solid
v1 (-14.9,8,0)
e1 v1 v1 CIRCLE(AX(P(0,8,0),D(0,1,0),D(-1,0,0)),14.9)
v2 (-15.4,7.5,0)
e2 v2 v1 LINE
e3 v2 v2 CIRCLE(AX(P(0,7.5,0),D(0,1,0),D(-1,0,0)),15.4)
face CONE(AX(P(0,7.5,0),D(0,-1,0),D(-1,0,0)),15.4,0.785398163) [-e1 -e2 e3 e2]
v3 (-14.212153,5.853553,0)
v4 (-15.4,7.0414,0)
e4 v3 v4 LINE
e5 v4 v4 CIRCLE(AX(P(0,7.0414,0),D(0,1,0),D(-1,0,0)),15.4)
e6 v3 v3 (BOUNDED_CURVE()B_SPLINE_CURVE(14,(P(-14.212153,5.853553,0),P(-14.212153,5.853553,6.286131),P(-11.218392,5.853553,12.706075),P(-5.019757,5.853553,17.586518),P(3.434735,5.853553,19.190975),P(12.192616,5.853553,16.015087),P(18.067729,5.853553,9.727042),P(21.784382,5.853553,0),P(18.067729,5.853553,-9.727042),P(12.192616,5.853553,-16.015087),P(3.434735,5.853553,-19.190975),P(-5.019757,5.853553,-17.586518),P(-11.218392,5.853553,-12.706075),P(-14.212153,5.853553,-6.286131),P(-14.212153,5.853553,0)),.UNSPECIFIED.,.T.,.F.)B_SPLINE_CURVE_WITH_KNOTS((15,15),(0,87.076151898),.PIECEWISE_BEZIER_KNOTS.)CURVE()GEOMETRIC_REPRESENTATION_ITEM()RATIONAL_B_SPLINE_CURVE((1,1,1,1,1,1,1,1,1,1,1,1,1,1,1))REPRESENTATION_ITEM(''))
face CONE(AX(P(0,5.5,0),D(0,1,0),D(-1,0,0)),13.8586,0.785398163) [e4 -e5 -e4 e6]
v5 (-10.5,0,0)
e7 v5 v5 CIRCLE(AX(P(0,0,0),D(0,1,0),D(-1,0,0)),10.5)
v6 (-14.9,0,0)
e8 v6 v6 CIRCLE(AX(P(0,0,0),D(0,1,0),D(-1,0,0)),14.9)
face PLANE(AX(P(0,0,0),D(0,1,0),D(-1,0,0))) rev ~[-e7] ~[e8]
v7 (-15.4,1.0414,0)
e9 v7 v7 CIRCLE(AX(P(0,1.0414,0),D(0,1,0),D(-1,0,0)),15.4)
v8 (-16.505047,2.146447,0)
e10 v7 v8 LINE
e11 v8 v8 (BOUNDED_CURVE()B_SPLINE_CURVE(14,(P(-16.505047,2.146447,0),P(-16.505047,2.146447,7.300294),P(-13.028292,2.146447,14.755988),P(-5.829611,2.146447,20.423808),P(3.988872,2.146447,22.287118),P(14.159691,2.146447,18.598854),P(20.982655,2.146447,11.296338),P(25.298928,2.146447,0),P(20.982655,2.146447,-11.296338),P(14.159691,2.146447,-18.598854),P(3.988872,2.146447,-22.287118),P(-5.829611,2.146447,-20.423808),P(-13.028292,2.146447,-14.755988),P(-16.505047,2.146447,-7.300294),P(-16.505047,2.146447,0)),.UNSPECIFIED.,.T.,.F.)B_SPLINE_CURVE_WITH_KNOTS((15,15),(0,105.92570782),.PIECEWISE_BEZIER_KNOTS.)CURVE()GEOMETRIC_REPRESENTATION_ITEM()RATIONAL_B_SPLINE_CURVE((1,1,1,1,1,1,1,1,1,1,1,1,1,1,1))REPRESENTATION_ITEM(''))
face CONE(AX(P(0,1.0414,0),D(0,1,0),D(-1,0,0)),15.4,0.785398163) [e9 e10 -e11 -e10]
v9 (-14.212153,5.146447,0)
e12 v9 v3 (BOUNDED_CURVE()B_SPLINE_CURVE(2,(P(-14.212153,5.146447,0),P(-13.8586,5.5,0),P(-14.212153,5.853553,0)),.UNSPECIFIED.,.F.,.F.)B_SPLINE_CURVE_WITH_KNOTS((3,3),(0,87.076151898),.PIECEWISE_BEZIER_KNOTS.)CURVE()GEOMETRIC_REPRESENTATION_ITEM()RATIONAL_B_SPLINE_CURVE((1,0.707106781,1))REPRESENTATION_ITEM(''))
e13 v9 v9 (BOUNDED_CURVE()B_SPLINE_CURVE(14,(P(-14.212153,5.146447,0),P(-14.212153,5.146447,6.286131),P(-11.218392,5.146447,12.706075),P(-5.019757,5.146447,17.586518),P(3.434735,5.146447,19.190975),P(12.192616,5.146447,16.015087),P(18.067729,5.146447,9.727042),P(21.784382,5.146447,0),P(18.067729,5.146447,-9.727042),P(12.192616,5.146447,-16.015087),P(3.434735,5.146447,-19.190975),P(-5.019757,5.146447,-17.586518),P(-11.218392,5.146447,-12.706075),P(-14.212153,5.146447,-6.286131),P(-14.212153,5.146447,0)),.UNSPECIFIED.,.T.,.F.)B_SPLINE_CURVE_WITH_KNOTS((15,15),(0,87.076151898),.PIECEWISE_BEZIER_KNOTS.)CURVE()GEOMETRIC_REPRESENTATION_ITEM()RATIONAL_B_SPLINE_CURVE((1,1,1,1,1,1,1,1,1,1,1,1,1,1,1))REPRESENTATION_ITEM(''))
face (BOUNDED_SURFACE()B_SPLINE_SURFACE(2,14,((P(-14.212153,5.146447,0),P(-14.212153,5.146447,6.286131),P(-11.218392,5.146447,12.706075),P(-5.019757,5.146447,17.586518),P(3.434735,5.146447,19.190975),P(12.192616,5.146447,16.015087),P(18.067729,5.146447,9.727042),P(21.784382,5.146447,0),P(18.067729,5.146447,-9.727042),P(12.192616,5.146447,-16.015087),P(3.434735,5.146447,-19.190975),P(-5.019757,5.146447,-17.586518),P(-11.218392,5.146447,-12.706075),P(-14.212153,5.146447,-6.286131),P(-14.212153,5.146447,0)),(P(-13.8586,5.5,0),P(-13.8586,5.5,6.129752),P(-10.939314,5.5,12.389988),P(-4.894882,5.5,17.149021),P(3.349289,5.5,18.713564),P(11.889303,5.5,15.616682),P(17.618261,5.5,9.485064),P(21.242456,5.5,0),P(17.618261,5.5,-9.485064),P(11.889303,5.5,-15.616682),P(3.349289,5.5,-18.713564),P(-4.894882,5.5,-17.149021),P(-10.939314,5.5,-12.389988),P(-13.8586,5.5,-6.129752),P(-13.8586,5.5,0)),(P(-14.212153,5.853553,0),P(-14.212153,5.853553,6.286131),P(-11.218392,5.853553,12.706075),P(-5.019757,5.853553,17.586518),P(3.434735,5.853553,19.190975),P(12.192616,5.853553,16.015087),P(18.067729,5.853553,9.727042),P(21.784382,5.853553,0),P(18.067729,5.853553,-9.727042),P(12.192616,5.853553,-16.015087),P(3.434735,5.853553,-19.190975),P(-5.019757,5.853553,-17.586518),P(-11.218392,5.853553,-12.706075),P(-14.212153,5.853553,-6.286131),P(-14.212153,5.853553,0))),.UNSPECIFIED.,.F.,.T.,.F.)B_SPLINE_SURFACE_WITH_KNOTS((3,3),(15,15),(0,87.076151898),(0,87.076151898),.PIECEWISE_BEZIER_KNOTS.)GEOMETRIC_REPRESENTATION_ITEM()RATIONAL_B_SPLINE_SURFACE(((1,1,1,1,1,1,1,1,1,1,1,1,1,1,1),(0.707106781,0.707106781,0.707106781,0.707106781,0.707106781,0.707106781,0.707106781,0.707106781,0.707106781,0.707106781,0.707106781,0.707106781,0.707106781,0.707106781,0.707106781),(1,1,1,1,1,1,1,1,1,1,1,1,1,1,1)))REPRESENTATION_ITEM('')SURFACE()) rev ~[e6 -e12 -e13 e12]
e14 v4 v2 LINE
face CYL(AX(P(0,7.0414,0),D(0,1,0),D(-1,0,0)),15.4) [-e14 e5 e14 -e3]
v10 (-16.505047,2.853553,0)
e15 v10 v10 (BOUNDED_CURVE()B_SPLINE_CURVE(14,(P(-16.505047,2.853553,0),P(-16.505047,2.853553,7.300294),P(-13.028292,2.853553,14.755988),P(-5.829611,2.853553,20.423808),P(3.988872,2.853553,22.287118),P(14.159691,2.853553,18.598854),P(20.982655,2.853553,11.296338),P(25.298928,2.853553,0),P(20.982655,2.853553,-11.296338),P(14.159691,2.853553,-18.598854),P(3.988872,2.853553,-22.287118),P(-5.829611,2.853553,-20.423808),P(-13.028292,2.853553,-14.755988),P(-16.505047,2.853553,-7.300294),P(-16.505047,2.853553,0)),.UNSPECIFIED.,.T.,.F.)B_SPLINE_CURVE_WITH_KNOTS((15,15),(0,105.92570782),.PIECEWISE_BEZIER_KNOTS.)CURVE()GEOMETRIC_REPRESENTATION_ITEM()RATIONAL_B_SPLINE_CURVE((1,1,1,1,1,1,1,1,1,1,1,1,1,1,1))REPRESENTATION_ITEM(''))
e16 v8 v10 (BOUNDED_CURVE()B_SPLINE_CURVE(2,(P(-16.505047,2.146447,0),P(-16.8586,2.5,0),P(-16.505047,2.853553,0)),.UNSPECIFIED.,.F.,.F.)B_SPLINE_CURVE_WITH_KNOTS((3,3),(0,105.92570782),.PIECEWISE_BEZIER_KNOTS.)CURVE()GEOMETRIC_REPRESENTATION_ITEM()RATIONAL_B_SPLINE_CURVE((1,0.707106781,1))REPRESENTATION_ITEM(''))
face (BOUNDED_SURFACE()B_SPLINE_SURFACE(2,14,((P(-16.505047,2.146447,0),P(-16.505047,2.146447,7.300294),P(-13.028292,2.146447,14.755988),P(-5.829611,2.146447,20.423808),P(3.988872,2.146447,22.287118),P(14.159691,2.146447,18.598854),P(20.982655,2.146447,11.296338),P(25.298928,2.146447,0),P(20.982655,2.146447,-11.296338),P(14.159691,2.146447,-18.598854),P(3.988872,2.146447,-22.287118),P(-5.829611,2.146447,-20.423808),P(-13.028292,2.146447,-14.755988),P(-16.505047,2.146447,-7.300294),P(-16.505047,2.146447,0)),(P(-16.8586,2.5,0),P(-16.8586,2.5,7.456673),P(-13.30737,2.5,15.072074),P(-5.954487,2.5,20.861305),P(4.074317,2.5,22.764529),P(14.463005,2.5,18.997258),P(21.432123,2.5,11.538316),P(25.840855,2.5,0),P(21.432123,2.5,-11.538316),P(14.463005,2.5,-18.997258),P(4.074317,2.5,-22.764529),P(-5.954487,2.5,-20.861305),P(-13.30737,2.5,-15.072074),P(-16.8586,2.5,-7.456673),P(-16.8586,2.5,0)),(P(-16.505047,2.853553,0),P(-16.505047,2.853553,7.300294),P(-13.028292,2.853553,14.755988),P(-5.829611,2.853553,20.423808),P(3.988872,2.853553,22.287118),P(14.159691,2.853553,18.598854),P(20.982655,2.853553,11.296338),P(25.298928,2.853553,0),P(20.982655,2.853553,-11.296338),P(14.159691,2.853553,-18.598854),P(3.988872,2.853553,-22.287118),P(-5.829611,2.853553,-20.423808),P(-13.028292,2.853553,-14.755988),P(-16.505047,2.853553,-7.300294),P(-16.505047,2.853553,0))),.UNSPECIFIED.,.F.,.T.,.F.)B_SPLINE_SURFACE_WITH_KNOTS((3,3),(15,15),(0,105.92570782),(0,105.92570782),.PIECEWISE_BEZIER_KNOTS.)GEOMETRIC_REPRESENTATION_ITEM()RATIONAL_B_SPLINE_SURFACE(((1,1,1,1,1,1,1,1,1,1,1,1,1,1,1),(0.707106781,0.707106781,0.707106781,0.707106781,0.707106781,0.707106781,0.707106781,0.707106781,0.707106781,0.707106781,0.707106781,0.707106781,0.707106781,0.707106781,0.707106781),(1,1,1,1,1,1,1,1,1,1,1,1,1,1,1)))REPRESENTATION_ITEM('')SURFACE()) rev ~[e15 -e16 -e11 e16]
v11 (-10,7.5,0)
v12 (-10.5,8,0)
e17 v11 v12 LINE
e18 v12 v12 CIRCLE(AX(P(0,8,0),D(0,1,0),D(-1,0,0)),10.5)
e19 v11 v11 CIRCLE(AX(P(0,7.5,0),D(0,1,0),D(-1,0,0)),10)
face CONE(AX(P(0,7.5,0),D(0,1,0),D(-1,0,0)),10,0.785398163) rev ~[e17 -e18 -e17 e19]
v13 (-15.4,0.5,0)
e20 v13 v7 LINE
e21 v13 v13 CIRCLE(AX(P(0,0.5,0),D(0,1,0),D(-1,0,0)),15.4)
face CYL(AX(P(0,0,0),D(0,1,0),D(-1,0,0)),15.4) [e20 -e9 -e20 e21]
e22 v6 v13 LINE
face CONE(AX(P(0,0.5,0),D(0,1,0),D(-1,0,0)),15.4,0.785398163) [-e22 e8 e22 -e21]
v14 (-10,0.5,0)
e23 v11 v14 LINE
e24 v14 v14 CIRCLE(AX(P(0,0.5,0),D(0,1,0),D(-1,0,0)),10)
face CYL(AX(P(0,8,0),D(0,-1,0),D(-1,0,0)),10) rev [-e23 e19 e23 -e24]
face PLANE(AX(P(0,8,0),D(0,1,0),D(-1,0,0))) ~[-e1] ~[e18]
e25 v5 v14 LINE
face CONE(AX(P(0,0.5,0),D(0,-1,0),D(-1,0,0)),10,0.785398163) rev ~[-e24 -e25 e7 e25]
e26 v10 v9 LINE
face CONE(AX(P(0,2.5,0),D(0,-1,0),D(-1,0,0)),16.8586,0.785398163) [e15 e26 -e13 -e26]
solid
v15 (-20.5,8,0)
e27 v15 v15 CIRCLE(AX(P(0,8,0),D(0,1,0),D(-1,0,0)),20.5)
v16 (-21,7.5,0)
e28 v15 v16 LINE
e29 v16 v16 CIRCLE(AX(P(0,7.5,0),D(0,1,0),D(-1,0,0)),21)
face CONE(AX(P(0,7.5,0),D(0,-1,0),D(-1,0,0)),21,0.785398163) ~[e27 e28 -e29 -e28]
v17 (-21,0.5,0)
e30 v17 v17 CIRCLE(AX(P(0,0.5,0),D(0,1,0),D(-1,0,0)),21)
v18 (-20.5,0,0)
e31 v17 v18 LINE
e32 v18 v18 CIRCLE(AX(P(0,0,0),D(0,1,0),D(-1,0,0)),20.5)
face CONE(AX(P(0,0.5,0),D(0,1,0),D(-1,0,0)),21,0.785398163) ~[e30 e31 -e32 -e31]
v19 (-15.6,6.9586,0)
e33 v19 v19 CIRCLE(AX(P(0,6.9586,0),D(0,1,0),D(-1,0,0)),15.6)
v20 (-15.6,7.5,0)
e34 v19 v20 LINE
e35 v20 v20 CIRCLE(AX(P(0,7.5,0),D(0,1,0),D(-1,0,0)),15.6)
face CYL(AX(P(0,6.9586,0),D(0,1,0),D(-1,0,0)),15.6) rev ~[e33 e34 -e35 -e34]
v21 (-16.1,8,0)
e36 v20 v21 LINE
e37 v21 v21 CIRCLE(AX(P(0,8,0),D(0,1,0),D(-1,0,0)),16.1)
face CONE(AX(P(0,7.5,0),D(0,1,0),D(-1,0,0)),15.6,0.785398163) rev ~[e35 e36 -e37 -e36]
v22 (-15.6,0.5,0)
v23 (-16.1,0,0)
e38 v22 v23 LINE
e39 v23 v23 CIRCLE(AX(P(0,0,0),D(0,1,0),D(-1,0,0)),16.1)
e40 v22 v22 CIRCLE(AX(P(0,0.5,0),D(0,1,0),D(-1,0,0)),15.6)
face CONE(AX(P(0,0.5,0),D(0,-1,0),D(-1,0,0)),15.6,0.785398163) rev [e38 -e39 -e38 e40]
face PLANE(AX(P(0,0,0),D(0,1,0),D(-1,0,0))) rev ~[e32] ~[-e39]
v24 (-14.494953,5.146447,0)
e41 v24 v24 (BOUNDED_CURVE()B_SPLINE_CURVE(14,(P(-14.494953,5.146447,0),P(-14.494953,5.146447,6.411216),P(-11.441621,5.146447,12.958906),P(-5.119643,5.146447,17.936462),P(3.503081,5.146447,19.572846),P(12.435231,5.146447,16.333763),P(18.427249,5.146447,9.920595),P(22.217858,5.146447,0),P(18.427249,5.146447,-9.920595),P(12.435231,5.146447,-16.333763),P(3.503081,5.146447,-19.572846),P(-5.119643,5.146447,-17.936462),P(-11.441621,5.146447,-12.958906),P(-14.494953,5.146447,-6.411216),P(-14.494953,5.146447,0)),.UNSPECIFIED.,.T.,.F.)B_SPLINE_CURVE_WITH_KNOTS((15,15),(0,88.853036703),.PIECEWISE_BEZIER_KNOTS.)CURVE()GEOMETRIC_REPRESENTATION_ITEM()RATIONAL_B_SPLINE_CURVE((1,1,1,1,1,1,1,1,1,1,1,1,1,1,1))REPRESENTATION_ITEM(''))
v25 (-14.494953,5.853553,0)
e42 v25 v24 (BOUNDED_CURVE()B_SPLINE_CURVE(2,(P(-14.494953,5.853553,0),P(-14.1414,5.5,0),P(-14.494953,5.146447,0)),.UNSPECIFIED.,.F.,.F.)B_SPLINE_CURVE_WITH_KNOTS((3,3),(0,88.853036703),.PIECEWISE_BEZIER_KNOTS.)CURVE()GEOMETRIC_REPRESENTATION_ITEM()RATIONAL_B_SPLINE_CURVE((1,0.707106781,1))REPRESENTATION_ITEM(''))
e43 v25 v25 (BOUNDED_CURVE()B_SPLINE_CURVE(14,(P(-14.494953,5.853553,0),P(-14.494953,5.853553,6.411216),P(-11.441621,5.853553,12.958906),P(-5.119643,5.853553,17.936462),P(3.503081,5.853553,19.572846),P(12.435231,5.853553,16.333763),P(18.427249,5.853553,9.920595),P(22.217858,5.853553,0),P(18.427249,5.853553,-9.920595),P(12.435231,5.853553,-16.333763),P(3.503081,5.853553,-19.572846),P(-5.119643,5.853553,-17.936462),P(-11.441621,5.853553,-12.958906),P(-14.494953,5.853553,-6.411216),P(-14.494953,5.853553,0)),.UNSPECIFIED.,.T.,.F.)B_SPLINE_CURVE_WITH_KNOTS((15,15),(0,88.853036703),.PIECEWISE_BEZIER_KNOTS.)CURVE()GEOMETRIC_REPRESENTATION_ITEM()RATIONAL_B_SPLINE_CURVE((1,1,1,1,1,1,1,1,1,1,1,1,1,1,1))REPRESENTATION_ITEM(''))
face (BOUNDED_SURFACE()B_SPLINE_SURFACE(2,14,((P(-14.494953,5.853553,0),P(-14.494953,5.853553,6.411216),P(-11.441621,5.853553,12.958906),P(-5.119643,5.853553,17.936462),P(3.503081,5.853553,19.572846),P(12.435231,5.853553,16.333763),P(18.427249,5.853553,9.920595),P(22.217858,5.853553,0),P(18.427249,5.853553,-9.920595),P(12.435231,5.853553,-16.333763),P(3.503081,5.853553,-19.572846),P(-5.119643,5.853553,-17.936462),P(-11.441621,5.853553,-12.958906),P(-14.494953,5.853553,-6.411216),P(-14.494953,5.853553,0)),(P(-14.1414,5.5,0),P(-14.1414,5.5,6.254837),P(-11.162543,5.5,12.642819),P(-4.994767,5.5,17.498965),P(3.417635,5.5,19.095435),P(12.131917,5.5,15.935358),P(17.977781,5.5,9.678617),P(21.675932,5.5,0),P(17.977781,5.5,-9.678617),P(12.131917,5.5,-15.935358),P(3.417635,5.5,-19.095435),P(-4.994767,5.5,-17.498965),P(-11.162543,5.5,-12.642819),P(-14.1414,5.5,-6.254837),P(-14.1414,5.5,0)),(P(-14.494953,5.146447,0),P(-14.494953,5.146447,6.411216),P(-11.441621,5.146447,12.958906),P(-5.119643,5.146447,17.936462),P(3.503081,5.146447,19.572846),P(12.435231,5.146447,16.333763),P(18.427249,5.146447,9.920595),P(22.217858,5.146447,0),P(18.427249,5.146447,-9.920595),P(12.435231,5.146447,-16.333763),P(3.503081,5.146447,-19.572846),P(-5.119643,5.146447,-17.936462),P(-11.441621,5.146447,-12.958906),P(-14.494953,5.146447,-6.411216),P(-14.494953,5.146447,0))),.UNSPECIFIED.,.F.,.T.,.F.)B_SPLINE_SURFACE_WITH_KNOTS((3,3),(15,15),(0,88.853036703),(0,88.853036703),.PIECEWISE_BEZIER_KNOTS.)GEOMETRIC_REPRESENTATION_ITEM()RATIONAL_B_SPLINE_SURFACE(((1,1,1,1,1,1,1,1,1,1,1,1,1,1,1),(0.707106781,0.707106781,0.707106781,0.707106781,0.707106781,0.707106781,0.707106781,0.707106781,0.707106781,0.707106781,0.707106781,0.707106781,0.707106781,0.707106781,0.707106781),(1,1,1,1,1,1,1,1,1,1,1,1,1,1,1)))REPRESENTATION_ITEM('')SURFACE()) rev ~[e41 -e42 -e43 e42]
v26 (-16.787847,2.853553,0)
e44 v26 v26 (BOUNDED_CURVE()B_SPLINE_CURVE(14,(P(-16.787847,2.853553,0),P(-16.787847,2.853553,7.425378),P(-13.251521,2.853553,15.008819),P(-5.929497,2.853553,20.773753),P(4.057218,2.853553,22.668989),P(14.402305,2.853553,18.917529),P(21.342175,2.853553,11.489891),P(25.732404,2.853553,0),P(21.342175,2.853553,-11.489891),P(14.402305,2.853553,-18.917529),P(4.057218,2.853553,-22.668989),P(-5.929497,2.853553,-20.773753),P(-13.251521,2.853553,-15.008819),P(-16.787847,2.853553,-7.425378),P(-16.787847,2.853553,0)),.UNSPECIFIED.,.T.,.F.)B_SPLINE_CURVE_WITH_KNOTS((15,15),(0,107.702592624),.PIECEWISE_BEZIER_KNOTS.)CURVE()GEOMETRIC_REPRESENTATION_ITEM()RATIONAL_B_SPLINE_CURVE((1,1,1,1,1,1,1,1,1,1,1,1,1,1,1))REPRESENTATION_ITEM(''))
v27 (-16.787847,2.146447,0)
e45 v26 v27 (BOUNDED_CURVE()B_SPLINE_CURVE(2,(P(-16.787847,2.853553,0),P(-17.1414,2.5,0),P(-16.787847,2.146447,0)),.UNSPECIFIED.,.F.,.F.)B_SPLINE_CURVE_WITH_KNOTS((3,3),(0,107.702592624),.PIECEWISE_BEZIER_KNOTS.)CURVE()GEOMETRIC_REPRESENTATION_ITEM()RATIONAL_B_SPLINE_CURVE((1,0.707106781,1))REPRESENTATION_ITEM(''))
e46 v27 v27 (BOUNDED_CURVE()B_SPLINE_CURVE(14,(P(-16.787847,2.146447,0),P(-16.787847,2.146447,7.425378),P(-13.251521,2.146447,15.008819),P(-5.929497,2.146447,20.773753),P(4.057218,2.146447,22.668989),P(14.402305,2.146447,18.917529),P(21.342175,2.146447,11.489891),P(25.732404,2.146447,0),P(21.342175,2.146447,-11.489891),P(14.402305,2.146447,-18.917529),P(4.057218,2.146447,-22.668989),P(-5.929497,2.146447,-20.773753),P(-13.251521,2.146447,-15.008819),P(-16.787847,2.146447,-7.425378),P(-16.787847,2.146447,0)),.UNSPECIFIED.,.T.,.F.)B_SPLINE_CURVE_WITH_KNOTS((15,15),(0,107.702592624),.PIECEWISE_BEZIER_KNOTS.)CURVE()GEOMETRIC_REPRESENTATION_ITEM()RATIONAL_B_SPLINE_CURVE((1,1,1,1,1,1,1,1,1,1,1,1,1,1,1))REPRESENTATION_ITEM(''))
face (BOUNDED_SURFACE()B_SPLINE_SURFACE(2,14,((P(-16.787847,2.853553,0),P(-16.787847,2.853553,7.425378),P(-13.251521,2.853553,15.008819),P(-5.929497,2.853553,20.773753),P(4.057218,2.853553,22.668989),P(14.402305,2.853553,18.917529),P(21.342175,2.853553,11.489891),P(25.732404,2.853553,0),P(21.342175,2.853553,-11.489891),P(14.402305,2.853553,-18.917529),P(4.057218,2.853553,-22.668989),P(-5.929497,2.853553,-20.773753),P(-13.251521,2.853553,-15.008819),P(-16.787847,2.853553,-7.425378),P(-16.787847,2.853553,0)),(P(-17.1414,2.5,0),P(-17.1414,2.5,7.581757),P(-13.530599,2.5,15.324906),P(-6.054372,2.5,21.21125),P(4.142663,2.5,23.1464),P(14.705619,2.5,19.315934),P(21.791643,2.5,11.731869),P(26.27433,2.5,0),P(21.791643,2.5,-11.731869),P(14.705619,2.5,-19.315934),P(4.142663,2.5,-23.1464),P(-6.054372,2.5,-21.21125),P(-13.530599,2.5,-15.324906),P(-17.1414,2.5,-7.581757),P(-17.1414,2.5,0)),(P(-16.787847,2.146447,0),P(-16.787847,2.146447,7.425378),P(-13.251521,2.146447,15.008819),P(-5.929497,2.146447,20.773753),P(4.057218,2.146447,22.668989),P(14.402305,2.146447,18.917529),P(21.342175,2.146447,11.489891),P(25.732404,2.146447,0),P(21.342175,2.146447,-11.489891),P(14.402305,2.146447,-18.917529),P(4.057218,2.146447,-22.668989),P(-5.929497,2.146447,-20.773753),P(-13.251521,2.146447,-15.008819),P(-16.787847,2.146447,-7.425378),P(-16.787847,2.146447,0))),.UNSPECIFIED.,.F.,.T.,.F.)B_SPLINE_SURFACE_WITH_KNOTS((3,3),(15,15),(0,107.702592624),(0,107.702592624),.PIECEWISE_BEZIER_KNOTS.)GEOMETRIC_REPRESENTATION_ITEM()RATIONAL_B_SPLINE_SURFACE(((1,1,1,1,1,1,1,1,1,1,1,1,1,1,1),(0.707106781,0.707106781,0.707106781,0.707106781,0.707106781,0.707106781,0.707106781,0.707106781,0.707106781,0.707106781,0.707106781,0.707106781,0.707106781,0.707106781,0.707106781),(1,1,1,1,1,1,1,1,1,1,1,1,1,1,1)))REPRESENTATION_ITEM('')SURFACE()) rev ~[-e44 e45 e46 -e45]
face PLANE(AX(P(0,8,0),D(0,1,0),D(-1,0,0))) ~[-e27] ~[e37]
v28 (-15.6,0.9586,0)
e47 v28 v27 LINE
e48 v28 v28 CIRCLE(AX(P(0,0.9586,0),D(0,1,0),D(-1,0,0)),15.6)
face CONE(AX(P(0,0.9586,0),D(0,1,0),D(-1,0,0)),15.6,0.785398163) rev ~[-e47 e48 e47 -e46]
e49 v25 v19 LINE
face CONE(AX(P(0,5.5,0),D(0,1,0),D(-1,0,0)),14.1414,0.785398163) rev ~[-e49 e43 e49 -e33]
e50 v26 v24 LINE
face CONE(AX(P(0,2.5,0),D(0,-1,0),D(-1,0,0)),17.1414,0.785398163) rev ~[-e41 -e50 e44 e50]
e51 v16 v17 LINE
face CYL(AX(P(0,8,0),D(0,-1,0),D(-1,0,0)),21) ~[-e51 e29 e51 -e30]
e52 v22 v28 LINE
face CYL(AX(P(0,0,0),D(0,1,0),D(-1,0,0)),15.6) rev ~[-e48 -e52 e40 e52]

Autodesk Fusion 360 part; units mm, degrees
sketch "profile" plane through (0, 0, 0) normal (0, 0, 1) x (1, 0, 0) in component "LR2051-822"
  line L0 (0, 0) -> (0, 8) construction
  line L1 (-10, 8) -> (-21, 8)
  line L2 (-21, 8) -> (-21, 0)
  line L3 (-21, 0) -> (-10, 0)
  line L4 (-10, 8) -> (-10, 0)
  line L5 (0, 8) -> (-10, 8) construction
  line L6 (-10, 0) -> (0, 0) construction
  line L7 (-15.5, 0) -> (-15.5, 1) construction
  line L8 (-15.5, 1) -> (-17, 2.5) construction
  line L9 (-17, 2.5) -> (-14, 5.5) construction
  line L10 (-14, 5.5) -> (-15.5, 7) construction
  line L11 (-15.5, 7) -> (-15.5, 8) construction
  line L12 (-10, 4) -> (-21, 4) construction
  line L13 (-15.5, 7) -> (-15.5, 1) construction
  line L14 (-15.4, 0) -> (-15.4, 1.0414)
  line L15 (-15.4, 1.0414) -> (-16.8586, 2.5)
  line L16 (-16.8586, 2.5) -> (-13.8586, 5.5)
  line L17 (-13.8586, 5.5) -> (-15.4, 7.0414)
  line L18 (-15.4, 7.0414) -> (-15.4, 8)
  line L19 (-15.6, 0) -> (-15.6, 0.9586)
  line L20 (-15.6, 0.9586) -> (-17.1414, 2.5)
  line L21 (-17.1414, 2.5) -> (-14.1414, 5.5)
  line L22 (-14.1414, 5.5) -> (-15.6, 6.9586)
  line L23 (-15.6, 6.9586) -> (-15.6, 8)
  point P0 (-15.5, 4)
  dimension "d4" = 21
  dimension "d5" = 10
  dimension "d6" = 45
  dimension "d7" = 1.5
  dimension "d8" = 1.5
  dimension "d9" = 8
  dimension "d10" = 0.1
  dimension "d11" = -0.1
revolve "Revolve1" add sketch "profile" angle 360 about axis through (0, 0, 0) along (0, 1, 0) contours L1 L3 L4 L14 L15 L16 L17 L18 makes body 1 in component "Inner Shell"
revolve "Revolve1'" add sketch "profile" angle 360 about axis through (0, 0, 0) along (0, 1, 0) separate body contours L1 L2 L3 L19 L20 L21 L22 L23 makes body 2 in component "Outer Shell"
chamfer "Chamfer1" distance 0.5 angle 45 2 edges at (-14.3578, 8, 5.5689) (-14.3578, 0, 5.5689) on bodies 1 in component "Inner Shell"
chamfer "Chamfer2" distance 0.5 angle 45 2 edges at (-9.3233, 8, 3.6162) (-9.3233, 0, 3.6162) on bodies 1 in component "Inner Shell"
chamfer "Chamfer1'" distance 0.5 angle 45 2 edges at (-14.5443, 8, 5.6412) (-14.5443, 0, 5.6412) on bodies 2 in component "Outer Shell"
chamfer "Chamfer2'" distance 0.5 angle 45 2 edges at (-19.5789, 8, 7.5939) (-19.5789, 0, 7.5939) on bodies 2 in component "Outer Shell"
fillet "Fillet1" radius 0.5 2 edges at (-12.9207, 5.5, 5.0115) (-15.7177, 2.5, 6.0963) on bodies 1 in component "Inner Shell"
fillet "Fillet1'" radius 0.5 2 edges at (-13.1844, 5.5, 5.1138) (-15.9814, 2.5, 6.1986) on bodies 2 in component "Outer Shell"
component "LR2051-822" placed x (1, 0, 0) y (0, 1, 0) z (0, 0, 1) at (0, 0, 0)
component "Inner Shell" placed x (1, 0, 0) y (0, 1, 0) z (0, 0, 1) at (0, 0, 0) in component "LR2051-822"
component "Outer Shell" placed x (1, 0, 0) y (0, 1, 0) z (0, 0, 1) at (0, 0, 0) in component "LR2051-822"
equation "inner_dia = 20 mm"
equation "outer_dia = 42 mm"
equation "width = 8 mm"
equation "d4 = outer_dia / 2"
equation "d5 = inner_dia / 2"
equation "d8 = d7"
equation "d9 = width"
equation "d10 = gap / 2"
equation "d11 = -gap / 2"
equation "gap = 0.2 mm"
equation "outer_chamfer = 0.5 mm"
equation "inner_chamfer = 0.5 mm"
equation "d17 = inner_chamfer"
equation "d18 = outer_chamfer"
equation "d19 = inner_chamfer"
equation "d20 = outer_chamfer"
